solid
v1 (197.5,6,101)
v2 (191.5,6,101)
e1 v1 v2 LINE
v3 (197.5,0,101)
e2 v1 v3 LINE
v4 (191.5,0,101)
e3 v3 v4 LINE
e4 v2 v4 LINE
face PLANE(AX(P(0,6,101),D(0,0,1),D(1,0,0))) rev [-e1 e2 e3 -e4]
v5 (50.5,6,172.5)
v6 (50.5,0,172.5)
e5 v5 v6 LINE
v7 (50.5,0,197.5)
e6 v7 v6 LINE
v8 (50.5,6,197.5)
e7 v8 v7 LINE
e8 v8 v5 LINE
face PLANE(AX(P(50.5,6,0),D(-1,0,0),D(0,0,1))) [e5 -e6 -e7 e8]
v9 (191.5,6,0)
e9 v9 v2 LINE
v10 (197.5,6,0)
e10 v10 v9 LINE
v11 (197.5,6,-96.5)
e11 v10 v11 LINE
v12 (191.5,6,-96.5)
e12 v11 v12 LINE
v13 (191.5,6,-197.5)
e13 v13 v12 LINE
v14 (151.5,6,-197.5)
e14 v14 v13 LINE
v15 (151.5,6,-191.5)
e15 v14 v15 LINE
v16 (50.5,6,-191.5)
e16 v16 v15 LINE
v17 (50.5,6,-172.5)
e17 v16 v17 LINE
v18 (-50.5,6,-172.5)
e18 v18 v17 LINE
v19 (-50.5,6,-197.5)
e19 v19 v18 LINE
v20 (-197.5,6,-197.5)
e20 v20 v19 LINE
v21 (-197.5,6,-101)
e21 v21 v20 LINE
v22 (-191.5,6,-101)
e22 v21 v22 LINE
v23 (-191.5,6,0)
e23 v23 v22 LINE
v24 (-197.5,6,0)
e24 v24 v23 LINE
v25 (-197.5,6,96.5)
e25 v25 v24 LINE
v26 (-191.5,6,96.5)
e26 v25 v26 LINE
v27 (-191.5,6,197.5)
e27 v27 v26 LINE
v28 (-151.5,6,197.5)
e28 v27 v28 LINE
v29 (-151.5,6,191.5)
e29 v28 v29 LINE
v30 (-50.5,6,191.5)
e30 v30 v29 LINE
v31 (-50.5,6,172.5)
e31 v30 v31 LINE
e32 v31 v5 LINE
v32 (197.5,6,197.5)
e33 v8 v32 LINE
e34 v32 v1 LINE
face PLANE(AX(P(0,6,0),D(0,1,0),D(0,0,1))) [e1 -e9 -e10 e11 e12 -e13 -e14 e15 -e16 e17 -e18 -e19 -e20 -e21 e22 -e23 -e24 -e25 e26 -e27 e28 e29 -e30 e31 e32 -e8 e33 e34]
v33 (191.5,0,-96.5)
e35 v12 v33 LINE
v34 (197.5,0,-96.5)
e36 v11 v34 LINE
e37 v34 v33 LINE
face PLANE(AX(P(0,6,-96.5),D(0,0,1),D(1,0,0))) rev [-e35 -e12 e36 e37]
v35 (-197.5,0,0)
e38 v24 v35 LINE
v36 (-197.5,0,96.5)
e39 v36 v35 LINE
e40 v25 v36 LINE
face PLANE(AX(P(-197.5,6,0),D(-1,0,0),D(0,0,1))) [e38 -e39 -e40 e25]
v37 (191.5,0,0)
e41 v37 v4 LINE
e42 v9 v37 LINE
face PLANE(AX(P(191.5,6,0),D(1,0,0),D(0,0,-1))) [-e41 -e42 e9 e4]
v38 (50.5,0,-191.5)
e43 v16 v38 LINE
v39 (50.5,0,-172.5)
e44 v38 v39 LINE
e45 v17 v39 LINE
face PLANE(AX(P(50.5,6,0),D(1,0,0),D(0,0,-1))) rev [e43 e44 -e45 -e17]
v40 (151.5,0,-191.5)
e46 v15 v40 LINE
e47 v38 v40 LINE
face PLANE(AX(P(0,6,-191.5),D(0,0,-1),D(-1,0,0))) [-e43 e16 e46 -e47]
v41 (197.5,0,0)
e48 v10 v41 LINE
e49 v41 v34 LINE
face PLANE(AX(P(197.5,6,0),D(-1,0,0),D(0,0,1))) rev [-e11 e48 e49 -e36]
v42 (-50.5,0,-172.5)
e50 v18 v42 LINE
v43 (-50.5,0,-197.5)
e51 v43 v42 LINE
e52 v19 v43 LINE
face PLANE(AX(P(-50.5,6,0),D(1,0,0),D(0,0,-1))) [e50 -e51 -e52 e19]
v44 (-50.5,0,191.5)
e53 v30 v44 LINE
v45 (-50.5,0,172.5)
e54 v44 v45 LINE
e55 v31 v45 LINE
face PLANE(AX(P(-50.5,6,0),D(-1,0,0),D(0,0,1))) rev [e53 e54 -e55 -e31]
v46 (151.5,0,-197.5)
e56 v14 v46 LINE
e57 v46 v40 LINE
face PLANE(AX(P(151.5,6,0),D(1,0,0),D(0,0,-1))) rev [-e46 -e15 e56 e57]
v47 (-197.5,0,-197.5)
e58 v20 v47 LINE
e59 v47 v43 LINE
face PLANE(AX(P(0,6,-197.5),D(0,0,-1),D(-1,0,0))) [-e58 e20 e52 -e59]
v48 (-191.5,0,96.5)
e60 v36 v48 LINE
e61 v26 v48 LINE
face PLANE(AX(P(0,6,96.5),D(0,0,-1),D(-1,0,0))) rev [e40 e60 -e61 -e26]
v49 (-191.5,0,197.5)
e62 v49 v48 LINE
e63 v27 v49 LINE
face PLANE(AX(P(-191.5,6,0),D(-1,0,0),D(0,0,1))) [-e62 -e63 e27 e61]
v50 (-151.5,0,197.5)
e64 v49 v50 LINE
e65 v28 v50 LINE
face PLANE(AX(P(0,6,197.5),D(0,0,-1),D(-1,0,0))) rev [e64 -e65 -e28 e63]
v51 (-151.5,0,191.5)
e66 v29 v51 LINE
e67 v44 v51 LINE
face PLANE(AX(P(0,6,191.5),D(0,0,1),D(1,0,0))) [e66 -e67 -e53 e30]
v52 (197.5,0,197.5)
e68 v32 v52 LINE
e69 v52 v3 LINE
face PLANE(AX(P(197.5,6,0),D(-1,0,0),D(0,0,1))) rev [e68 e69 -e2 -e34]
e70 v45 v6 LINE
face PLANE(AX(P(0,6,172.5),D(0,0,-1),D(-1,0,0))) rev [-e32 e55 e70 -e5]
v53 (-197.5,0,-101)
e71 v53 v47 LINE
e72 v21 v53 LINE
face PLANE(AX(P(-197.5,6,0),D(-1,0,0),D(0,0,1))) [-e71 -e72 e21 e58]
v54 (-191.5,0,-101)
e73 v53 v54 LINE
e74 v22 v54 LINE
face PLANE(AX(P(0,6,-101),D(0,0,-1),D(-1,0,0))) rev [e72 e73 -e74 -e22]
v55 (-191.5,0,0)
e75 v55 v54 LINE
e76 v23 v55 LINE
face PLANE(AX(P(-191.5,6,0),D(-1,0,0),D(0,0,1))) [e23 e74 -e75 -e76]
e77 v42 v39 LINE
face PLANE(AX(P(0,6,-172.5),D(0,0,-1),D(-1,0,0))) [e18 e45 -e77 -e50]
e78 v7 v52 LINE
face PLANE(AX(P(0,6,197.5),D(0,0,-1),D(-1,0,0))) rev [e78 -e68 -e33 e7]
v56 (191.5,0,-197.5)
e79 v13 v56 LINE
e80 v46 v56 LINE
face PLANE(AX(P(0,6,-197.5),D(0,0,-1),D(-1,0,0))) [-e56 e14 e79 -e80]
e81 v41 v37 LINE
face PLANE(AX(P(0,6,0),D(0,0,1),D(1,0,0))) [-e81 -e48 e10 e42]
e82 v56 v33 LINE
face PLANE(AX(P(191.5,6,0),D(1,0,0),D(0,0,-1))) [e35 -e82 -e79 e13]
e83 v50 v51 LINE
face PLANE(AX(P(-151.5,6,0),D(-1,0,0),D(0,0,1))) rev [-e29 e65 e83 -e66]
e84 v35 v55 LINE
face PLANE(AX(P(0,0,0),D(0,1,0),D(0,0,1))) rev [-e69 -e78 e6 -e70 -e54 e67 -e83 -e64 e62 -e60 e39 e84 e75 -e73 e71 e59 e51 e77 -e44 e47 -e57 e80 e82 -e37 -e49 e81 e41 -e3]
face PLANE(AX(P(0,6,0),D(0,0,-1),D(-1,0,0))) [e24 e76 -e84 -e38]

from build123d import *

# Parameters (mm, degrees)
BOSS_EXTRUDE1_DEPTH = 6


with BuildPart() as part:
    # Sketch1 → Boss-Extrude1 (new body)
    with BuildSketch(Plane(origin=(0, 0, 0), x_dir=(1, 0, 0), z_dir=(0, 1, 0))):
        Polygon((-191.5, -96.5), (-191.5, -197.5), (-151.5, -197.5), (-151.5, -191.5), (-50.5, -191.5), (-50.5, -172.5), (50.5, -172.5), (50.5, -197.5), (197.5, -197.5), (197.5, -101), (191.5, -101), (191.5, 0), (197.5, 0), (197.5, 96.5), (191.5, 96.5), (191.5, 197.5), (151.5, 197.5), (151.5, 191.5), (50.5, 191.5), (50.5, 172.5), (-50.5, 172.5), (-50.5, 197.5), (-197.5, 197.5), (-197.5, 101), (-191.5, 101), (-191.5, 0), (-197.5, 0), (-197.5, -96.5), align=None)
    extrude(amount=BOSS_EXTRUDE1_DEPTH)


solid = part.part
